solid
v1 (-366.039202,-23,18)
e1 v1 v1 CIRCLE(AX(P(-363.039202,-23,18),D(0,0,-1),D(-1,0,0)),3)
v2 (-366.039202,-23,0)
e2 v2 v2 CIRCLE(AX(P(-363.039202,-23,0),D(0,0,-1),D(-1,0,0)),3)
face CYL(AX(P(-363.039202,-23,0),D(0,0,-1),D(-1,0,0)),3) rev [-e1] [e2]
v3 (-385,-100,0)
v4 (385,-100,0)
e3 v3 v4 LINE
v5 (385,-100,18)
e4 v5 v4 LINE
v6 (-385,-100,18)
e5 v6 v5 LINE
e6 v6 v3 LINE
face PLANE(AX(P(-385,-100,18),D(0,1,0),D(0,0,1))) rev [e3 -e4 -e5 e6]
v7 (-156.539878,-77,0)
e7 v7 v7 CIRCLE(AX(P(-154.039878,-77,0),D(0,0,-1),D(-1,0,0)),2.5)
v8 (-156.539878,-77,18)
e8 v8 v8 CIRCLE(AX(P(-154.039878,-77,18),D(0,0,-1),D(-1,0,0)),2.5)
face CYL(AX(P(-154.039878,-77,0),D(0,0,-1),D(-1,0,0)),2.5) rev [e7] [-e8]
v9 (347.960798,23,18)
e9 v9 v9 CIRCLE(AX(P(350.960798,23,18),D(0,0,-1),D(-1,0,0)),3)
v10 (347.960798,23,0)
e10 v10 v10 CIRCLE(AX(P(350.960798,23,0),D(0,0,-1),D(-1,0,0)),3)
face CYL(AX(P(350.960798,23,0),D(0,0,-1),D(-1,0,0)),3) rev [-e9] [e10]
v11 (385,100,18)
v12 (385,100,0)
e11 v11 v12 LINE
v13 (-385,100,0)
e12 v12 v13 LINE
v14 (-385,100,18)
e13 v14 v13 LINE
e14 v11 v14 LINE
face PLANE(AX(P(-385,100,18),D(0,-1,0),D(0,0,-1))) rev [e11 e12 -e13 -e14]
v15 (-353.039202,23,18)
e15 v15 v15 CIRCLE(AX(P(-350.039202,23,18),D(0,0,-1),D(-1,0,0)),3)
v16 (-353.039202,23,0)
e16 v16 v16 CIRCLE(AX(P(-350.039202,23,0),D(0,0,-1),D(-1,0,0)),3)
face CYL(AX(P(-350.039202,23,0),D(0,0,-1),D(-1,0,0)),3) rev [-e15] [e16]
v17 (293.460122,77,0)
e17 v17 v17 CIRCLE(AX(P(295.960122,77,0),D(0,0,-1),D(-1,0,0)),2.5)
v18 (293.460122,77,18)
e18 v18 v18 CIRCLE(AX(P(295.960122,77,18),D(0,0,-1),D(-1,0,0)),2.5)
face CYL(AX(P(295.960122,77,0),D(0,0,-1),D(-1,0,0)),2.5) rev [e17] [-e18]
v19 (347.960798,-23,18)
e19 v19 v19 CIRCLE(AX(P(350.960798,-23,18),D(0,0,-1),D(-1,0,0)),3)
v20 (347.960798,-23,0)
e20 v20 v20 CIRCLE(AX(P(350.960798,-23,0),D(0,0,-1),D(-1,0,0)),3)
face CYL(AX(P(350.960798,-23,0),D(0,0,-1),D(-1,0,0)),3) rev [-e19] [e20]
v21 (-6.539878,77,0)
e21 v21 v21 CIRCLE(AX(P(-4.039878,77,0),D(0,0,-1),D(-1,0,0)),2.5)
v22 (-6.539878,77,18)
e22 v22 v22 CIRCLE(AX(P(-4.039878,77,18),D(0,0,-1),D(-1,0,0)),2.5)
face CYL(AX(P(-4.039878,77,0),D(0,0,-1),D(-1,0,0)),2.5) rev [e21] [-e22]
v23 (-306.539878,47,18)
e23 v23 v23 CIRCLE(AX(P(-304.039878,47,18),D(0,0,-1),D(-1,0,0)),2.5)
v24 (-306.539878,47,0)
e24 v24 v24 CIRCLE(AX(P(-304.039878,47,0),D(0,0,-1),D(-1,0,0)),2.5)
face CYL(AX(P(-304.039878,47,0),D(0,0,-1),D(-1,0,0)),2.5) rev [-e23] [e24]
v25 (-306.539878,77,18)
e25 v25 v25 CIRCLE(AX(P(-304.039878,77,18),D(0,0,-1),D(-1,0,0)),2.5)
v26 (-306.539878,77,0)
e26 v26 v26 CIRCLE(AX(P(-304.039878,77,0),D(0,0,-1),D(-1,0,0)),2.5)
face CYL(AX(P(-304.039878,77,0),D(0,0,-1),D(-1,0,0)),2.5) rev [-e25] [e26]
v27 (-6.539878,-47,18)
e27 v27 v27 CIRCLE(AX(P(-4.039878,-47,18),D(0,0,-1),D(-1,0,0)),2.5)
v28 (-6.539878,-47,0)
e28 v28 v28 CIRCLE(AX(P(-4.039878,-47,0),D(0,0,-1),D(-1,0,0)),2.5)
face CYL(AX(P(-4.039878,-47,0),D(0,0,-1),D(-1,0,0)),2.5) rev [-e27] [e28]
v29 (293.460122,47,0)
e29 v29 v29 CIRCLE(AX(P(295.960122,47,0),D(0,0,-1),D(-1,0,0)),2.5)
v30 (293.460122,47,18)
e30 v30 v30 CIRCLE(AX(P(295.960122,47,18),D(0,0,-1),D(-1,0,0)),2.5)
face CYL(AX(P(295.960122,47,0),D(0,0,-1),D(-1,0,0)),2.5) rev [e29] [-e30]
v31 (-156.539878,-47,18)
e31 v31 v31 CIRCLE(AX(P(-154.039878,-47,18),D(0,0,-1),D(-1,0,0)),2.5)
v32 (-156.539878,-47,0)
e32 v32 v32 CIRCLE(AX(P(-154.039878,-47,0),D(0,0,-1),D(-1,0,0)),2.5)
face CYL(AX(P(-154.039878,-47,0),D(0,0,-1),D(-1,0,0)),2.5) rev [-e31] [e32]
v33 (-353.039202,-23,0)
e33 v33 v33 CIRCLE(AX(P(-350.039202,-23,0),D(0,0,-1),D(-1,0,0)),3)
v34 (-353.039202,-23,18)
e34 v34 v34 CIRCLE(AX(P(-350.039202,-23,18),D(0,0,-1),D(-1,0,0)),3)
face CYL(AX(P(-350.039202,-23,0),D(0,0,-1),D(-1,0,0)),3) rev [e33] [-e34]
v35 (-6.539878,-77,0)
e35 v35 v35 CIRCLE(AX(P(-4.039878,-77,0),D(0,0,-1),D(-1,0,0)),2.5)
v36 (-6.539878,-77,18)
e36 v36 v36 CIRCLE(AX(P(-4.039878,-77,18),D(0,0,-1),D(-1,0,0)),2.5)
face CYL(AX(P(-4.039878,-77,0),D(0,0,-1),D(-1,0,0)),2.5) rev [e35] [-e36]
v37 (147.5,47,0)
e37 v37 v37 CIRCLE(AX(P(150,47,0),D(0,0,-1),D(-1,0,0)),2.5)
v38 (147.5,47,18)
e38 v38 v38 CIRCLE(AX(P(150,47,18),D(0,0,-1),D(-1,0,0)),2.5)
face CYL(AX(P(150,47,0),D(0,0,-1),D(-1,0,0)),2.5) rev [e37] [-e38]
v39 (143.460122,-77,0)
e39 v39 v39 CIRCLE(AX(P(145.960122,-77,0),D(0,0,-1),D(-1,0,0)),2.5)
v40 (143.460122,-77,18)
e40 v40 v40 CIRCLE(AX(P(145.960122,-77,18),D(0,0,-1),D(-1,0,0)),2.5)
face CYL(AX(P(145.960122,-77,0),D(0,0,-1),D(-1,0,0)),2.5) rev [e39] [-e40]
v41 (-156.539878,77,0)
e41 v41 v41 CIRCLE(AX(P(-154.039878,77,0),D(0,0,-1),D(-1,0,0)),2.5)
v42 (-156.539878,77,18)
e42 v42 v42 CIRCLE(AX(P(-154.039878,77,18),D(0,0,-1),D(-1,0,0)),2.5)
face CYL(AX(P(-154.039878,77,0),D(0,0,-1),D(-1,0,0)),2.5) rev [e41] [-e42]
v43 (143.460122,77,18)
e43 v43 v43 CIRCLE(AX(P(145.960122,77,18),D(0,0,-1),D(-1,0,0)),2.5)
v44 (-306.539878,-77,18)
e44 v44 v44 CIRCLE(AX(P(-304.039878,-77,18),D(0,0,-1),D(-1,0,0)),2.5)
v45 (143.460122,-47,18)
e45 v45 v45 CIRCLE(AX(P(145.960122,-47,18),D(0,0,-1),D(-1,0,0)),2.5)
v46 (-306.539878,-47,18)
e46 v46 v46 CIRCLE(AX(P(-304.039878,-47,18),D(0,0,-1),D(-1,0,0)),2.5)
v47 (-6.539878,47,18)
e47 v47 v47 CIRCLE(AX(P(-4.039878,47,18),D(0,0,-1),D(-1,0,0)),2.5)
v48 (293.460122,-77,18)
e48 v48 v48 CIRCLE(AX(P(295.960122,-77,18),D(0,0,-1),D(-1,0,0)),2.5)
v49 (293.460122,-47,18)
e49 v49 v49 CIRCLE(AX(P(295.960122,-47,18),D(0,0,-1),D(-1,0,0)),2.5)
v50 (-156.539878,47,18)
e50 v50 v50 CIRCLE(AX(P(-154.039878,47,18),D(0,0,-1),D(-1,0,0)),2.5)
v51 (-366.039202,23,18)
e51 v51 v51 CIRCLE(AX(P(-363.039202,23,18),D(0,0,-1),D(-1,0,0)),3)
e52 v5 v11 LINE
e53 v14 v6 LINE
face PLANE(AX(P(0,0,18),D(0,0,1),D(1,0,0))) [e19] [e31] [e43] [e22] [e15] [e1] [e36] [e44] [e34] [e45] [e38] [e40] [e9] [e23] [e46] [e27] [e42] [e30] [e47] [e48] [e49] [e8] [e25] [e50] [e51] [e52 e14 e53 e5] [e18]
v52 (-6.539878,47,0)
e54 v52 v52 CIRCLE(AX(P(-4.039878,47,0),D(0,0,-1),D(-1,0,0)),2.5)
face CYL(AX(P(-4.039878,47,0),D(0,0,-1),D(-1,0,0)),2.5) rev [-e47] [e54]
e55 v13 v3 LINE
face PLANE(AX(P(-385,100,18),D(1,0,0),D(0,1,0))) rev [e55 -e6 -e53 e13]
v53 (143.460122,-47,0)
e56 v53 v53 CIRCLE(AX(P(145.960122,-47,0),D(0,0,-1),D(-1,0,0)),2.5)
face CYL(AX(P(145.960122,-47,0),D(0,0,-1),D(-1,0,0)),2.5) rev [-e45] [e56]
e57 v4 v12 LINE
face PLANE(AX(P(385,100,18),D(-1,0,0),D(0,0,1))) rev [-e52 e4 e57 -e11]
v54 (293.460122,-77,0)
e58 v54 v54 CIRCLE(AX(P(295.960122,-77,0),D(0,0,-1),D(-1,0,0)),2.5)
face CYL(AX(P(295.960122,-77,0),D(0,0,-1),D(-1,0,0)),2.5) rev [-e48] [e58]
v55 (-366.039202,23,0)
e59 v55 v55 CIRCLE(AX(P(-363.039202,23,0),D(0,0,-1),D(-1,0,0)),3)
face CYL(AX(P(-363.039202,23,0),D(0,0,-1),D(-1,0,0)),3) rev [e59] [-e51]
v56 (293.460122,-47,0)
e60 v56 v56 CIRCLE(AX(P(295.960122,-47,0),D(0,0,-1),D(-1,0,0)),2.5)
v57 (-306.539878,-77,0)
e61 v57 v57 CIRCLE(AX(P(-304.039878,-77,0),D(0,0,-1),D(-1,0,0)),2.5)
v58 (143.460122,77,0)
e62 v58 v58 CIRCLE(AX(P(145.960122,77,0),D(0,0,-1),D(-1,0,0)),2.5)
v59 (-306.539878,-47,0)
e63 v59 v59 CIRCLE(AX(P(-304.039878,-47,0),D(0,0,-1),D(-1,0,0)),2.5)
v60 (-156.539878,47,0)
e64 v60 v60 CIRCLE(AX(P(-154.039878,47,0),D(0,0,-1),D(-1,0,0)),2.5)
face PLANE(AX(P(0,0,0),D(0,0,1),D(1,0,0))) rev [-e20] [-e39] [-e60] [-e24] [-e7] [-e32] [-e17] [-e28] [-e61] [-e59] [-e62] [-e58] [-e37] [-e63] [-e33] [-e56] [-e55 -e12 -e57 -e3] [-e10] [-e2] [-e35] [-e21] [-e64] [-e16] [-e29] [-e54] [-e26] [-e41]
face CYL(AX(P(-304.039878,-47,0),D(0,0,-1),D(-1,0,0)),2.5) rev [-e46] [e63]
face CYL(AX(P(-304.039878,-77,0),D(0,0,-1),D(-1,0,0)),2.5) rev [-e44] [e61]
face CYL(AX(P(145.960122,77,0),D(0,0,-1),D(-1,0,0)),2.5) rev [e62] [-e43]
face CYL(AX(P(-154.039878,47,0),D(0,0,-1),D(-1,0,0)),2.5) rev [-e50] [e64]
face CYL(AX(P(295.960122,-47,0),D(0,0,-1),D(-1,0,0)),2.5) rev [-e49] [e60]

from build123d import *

# Parameters (mm, degrees)
SKETCH1_W                = 770
SKETCH1_H                = 200
BOSS_EXTRUDE1_DEPTH      = 18
F_5_0_5_DIAMETER_HOLE5_D = 5
F_6_0_6_DIAMETER_HOLE2_D = 6


with BuildPart() as part:
    # Sketch1 → Boss-Extrude1 (new body)
    with BuildSketch(Plane.XY):
        Rectangle(SKETCH1_W, SKETCH1_H)
    extrude(amount=BOSS_EXTRUDE1_DEPTH)

    # Ø5.0 (5) Diameter Hole5 (through all)
    with Locations(Plane(origin=(0, 0, 0), x_dir=(-1, 0, 0), z_dir=(0, 0, -1))):
        with Locations((-295.960122187, 77), (-295.960122187, 47), (-145.960122187, 77), (-150, 47), (4.039877813, 77), (4.039877813, 47), (154.039877813, 77), (154.039877813, 47), (304.039877813, 77), (304.039877813, 47), (304.039877813, -47), (304.039877813, -77), (154.039877813, -77), (154.039877813, -47), (4.039877813, -47), (4.039877813, -77), (-145.960122187, -77), (-145.960122187, -47), (-295.960122187, -47), (-295.960122187, -77)):
            Hole(F_5_0_5_DIAMETER_HOLE5_D / 2)

    # Ø6.0 (6) Diameter Hole2 (through all)
    with Locations(Plane(origin=(0, 0, 0), x_dir=(-1, 0, 0), z_dir=(0, 0, -1))):
        with Locations((-350.960797656, 23), (-350.960797656, -23), (350.039202344, 23), (363.039202344, 23), (350.039202344, -23), (363.039202344, -23)):
            Hole(F_6_0_6_DIAMETER_HOLE2_D / 2)


solid = part.part
